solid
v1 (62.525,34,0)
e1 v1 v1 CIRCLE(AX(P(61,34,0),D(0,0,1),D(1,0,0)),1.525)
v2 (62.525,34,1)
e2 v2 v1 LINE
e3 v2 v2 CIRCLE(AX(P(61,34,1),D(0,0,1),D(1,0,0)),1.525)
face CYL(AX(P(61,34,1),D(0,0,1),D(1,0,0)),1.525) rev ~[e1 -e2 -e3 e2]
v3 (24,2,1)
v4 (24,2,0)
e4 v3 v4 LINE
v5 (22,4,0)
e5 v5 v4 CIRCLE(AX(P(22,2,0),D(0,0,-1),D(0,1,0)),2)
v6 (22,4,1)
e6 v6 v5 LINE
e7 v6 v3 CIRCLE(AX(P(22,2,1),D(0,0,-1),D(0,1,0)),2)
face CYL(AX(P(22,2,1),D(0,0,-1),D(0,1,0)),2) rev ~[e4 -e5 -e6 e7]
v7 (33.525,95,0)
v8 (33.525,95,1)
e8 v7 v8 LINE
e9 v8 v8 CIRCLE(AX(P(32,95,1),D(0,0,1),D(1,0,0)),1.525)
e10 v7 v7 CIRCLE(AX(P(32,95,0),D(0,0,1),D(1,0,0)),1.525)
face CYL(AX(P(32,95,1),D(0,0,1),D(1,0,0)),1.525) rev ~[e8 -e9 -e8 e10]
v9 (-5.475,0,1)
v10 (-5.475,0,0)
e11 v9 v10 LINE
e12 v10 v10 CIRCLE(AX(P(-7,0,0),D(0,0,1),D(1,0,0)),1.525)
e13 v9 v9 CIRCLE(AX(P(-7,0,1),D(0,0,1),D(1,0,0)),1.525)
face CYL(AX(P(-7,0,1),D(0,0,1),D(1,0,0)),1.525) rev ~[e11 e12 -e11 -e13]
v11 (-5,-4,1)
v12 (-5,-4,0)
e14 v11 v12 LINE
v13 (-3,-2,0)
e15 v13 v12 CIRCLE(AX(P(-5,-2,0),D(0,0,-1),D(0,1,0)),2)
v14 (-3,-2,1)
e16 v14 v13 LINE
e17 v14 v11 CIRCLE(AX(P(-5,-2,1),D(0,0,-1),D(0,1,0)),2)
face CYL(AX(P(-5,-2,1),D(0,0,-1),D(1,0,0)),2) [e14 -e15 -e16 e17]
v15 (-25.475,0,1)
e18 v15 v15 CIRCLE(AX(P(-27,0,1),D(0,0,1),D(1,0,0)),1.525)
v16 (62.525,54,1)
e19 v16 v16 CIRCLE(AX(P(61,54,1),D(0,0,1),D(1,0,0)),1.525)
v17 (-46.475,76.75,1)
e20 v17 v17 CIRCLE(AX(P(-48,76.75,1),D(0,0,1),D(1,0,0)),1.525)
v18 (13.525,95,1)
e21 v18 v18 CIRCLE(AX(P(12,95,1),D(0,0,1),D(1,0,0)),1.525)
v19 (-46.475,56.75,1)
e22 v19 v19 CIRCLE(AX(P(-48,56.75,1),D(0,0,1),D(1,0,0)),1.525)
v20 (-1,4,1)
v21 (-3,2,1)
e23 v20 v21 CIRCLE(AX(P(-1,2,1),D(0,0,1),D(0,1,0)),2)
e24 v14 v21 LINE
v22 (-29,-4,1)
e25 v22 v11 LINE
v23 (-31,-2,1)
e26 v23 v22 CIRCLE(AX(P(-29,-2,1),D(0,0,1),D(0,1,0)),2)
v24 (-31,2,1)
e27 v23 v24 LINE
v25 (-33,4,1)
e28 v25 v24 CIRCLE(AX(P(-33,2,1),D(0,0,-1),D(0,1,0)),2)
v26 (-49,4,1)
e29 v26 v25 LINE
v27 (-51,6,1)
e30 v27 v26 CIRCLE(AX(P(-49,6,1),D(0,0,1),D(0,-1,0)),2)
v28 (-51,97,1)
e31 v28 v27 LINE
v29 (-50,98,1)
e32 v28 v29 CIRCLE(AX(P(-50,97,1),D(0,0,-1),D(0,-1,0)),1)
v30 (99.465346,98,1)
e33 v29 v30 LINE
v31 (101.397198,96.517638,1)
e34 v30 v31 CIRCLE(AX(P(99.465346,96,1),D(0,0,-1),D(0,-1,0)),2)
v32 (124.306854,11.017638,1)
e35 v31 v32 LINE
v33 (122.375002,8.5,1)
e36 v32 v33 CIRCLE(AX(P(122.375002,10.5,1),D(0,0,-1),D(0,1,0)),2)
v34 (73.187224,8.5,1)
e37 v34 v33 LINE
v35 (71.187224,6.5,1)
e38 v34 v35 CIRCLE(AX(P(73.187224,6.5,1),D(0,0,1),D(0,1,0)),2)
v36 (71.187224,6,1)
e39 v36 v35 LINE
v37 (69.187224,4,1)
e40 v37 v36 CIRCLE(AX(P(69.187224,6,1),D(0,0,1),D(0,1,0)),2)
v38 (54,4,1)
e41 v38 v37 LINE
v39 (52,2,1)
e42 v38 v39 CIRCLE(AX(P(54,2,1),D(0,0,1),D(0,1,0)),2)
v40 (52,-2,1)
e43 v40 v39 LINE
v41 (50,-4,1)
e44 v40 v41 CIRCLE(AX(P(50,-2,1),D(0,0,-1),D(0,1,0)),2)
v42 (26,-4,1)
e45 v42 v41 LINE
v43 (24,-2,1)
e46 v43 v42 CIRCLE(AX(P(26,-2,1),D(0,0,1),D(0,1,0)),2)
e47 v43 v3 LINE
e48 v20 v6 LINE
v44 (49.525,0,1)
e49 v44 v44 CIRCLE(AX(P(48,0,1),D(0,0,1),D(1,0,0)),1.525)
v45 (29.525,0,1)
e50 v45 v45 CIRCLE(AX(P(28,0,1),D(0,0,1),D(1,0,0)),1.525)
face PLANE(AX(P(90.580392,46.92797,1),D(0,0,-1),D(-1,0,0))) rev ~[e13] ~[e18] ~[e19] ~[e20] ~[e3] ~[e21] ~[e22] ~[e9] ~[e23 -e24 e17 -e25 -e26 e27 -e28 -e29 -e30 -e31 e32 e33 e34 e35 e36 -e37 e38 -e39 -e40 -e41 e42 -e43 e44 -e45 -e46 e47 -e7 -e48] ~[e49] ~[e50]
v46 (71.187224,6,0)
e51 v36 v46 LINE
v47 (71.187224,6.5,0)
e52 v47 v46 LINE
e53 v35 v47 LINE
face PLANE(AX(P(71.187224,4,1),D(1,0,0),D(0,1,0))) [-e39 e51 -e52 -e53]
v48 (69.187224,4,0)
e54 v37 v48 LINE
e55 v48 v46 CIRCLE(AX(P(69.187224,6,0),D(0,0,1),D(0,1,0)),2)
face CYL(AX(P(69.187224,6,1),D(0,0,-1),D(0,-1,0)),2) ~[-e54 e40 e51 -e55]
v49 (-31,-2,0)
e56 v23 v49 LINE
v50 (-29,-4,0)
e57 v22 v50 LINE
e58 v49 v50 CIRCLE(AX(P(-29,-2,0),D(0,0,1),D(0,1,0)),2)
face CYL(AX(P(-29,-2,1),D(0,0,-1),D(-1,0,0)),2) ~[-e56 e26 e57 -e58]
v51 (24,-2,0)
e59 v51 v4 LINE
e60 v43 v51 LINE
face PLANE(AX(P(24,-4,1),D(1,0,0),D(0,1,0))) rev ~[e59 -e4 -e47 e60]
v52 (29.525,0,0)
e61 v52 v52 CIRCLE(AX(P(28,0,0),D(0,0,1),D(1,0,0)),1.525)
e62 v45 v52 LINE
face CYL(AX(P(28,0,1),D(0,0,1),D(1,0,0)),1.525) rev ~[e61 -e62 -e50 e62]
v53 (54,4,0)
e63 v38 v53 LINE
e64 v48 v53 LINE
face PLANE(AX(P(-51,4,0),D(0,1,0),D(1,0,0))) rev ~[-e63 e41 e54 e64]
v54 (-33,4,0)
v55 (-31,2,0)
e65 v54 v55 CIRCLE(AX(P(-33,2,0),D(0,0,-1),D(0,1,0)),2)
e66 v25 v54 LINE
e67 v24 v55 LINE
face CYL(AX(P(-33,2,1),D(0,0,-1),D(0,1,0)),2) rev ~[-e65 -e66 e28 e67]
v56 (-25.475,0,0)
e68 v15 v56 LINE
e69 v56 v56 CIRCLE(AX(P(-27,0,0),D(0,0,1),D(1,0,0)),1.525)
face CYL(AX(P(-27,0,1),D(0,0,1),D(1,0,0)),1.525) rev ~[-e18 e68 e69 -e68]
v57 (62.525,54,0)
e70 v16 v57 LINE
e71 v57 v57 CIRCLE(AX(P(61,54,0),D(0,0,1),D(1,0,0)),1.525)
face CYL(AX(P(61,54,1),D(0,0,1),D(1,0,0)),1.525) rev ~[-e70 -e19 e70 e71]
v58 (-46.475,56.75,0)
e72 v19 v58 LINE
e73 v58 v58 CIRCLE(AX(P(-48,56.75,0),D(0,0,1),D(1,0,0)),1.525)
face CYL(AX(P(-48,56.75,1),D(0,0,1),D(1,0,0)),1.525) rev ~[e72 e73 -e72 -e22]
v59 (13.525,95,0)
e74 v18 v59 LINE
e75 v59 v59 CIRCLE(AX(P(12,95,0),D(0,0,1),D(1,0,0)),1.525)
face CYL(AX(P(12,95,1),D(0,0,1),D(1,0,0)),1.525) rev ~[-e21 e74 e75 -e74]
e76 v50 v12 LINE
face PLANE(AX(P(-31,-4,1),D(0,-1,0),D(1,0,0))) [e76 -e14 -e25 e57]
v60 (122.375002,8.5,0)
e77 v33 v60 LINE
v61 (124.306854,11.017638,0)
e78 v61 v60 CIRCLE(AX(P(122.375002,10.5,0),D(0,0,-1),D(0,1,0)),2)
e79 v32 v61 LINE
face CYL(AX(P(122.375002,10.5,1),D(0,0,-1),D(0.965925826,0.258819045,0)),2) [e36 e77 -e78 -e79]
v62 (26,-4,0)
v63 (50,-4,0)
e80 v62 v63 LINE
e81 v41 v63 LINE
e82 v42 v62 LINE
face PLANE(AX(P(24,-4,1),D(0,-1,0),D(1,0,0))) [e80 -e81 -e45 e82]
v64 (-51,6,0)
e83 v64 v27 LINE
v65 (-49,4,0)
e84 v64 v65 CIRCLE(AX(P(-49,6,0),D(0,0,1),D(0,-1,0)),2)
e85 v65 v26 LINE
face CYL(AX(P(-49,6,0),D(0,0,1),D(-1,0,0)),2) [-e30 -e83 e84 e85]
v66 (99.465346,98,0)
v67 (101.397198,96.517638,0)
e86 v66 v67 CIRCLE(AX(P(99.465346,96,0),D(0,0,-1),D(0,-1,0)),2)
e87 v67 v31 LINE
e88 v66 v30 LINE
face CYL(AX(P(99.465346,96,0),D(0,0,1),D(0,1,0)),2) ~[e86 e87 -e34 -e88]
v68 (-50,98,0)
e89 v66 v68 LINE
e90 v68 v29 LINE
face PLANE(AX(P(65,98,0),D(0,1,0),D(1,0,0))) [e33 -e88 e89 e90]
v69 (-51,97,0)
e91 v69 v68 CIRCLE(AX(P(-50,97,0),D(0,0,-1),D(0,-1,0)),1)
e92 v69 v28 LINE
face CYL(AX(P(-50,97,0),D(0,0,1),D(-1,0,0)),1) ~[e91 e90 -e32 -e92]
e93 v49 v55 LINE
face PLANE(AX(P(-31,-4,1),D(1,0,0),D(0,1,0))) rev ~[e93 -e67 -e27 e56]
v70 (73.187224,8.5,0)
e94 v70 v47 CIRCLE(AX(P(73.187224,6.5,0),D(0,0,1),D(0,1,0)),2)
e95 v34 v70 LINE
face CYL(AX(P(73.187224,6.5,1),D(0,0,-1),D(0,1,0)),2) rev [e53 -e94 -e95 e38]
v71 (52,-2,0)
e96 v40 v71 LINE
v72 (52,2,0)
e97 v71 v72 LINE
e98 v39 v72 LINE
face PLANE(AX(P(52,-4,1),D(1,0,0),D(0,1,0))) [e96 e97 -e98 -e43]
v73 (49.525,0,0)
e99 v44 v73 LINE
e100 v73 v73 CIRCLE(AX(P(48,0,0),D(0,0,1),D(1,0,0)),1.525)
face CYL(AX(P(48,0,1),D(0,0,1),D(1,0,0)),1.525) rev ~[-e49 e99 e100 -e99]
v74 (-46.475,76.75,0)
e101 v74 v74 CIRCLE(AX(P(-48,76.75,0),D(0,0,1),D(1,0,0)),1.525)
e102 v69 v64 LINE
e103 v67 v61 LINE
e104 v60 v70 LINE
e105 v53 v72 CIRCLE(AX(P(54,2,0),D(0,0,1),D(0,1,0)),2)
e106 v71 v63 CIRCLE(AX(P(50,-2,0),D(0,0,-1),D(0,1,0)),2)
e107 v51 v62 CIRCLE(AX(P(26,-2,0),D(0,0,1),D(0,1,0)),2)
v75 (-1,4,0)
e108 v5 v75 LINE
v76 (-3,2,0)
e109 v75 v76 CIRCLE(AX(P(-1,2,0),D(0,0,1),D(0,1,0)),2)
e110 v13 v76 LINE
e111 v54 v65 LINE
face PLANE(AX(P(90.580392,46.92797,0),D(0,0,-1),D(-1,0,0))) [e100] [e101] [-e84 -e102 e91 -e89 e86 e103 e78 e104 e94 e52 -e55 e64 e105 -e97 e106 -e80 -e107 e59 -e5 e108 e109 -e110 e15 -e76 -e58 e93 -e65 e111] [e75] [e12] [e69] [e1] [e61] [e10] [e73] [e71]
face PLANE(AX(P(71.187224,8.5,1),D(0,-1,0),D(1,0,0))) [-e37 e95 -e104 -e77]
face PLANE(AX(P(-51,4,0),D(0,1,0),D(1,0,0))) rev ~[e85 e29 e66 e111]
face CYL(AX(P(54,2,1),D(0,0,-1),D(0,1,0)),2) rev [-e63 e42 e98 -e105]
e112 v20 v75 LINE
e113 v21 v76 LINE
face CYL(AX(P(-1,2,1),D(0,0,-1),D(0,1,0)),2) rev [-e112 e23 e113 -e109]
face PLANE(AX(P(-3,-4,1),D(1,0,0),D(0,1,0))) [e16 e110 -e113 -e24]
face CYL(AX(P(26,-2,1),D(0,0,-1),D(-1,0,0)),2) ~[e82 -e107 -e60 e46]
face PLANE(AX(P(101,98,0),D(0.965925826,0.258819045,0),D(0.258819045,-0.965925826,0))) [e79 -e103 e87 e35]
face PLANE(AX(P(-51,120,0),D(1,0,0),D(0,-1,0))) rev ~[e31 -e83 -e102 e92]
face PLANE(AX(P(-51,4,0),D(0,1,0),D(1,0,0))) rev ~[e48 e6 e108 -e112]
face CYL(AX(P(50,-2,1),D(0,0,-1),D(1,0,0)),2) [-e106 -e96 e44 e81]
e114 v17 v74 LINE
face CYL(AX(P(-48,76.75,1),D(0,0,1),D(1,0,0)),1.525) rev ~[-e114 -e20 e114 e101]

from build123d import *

# Parameters (mm, degrees)
SKETCH_1_W          = 28
SKETCH_1_H          = 8
SKETCH_1_R          = 1.525
EXTRUDE_1_DEPTH     = 1
FILLET_1_R          = 2
SKETCH_3_R          = 1.525
CUT_EXTRUDE_1_DEPTH = 10
CUT_EXTRUDE_2_DEPTH = 10
SKETCH_5_R          = 1.525
CUT_EXTRUDE_3_DEPTH = 10
FILLET_3_R          = 2
SKETCH_8_R          = 1.525
CUT_EXTRUDE_5_DEPTH = 5
SKETCH_9_W          = 29
SKETCH_9_H          = 22
CUT_EXTRUDE_6_DEPTH = 11
FILLET_4_R          = 1
EXTRUDE_2_DEPTH     = 1
SKETCH_12_W         = 55
SKETCH_12_H         = 4.5
CUT_EXTRUDE_7_DEPTH = 10
FILLET_5_R          = 2
SKETCH_13_W         = 32
SKETCH_13_H         = 8
CUT_EXTRUDE_8_DEPTH = 10
SKETCH_14_W         = 28
SKETCH_14_H         = 8
SKETCH_14_R         = 1.525
EXTRUDE_3_DEPTH     = 1
FILLET_6_R          = 2


with BuildPart() as part:
    # 草图1 → 凸台-拉伸1 (new body)
    with BuildSketch(Plane.XY):
        Polygon((-4, 4), (24, 4), (67, 4), (67, 120), (-51, 120), (-51, 4), align=None)
        with Locations((10, 0)):
            Rectangle(SKETCH_1_W, SKETCH_1_H)
        with Locations((20, 0)):
            Circle(SKETCH_1_R, mode=Mode.SUBTRACT)
        Circle(SKETCH_1_R, mode=Mode.SUBTRACT)
    extrude(amount=EXTRUDE_1_DEPTH)

    # 圆角1
    fillet_1_edges = [part.edges().sort_by_distance(p)[0] for p in [
        (67, 4, 0.5),
        (24, 4, 0.5),
        (24, -4, 0.5),
        (-4, -4, 0.5),
        (-4, 4, 0.5),
        (-51, 4, 0.5),
        (-51, 120, 0.5),
        (67, 120, 0.5),
    ]]
    fillet(fillet_1_edges, radius=FILLET_1_R)

    # 草图3 → 切除-拉伸1 (cut)
    with BuildSketch(Plane.XY.offset(1)):
        with Locations((-48, 76.75)):
            Circle(SKETCH_3_R)
        with Locations((-48, 56.75)):
            Circle(SKETCH_3_R)
    extrude(amount=-CUT_EXTRUDE_1_DEPTH, mode=Mode.SUBTRACT)

    # 草图4 → 切除-拉伸2 (cut)
    with BuildSketch(Plane.XY.offset(1)):
        with BuildLine():
            Line((65, 120), (-24, 120))
            Line((-24, 120), (-24, 98))
            Line((-24, 98), (67, 98))
            Line((67, 98), (67, 118))
            ThreePointArc((67, 118), (66.414213562, 119.414213562), (65, 120))
        make_face()
    extrude(amount=-CUT_EXTRUDE_2_DEPTH, mode=Mode.SUBTRACT)

    # 草图5 → 切除-拉伸3 (cut)
    with BuildSketch(Plane.XY.offset(1)):
        with Locations((61, 34)):
            Circle(SKETCH_5_R)
        with Locations((61, 54)):
            Circle(SKETCH_5_R)
    extrude(amount=-CUT_EXTRUDE_3_DEPTH, mode=Mode.SUBTRACT)

    # 圆角3
    fillet_3_edges = [part.edges().sort_by_distance(p)[0] for p in [
        (-24, 98, 0.5),
        (67, 98, 0.5),
        (-24, 120, 0.5),
    ]]
    fillet(fillet_3_edges, radius=FILLET_3_R)

    # 草图8 → 切除-拉伸5 (cut, symmetric)
    with BuildSketch(Plane.XY.offset(1)):
        with Locations((12, 95)):
            Circle(SKETCH_8_R)
        with Locations((32, 95)):
            Circle(SKETCH_8_R)
    extrude(amount=CUT_EXTRUDE_5_DEPTH, both=True, mode=Mode.SUBTRACT)

    # 草图9 → 切除-拉伸6 (cut, symmetric)
    with BuildSketch(Plane.XY.offset(1)):
        with Locations((-36.5, 109)):
            Rectangle(SKETCH_9_W, SKETCH_9_H)
    extrude(amount=CUT_EXTRUDE_6_DEPTH, both=True, mode=Mode.SUBTRACT)

    # 圆角4
    fillet_4_edges = [part.edges().sort_by_distance(p)[0] for p in [
        (-51, 98, 0.5),
    ]]
    fillet(fillet_4_edges, radius=FILLET_4_R)

    # 草图11 → 凸台-拉伸2 (add)
    with BuildSketch(Plane(origin=(0, 0, 0), x_dir=(-1, 0, 0), z_dir=(0, 0, -1))):
        with BuildLine():
            ThreePointArc((-67, 96), (-66.414213562, 97.414213562), (-65, 98))
            Line((-65, 98), (-101, 98))
            Line((-101, 98), (-126.187224089, 4))
            Line((-126.187224089, 4), (-65, 4))
            ThreePointArc((-65, 4), (-66.414213562, 4.585786438), (-67, 6))
            Line((-67, 6), (-67, 96))
        make_face()
    extrude(amount=-EXTRUDE_2_DEPTH)

    # 草图12 → 切除-拉伸7 (cut)
    with BuildSketch(Plane.XY.offset(1)):
        with Locations((98.687224089, 6.25)):
            Rectangle(SKETCH_12_W, SKETCH_12_H)
    extrude(amount=-CUT_EXTRUDE_7_DEPTH, mode=Mode.SUBTRACT)

    # 圆角5
    fillet_5_edges = [part.edges().sort_by_distance(p)[0] for p in [
        (101, 98, 0.5),
        (124.981452723, 8.5, 0.5),
        (71.187224089, 4, 0.5),
        (71.187224089, 8.5, 0.5),
    ]]
    fillet(fillet_5_edges, radius=FILLET_5_R)

    # 草图13 → 切除-拉伸8 (cut)
    with BuildSketch(Plane.XY.offset(1)):
        with Locations((10, 0)):
            Rectangle(SKETCH_13_W, SKETCH_13_H)
    extrude(amount=-CUT_EXTRUDE_8_DEPTH, mode=Mode.SUBTRACT)

    # 草图14 → 凸台-拉伸3 (add)
    with BuildSketch(Plane.XY.offset(1)):
        with Locations((-17, 0)):
            Rectangle(SKETCH_14_W, SKETCH_14_H)
        with Locations((-27, 0)):
            Circle(SKETCH_14_R, mode=Mode.SUBTRACT)
        with Locations((-7, 0)):
            Circle(SKETCH_14_R, mode=Mode.SUBTRACT)
        with Locations((38, 0)):
            Rectangle(SKETCH_14_W, SKETCH_14_H)
        with Locations((28, 0)):
            Circle(SKETCH_14_R, mode=Mode.SUBTRACT)
        with Locations((48, 0)):
            Circle(SKETCH_14_R, mode=Mode.SUBTRACT)
    extrude(amount=-EXTRUDE_3_DEPTH)

    # 圆角6
    fillet_6_edges = [part.edges().sort_by_distance(p)[0] for p in [
        (52, -4, 0.5),
        (52, 4, 0.5),
        (24, 4, 0.5),
        (24, -4, 0.5),
        (-3, -4, 0.5),
        (-3, 4, 0.5),
        (-31, 4, 0.5),
        (-31, -4, 0.5),
    ]]
    fillet(fillet_6_edges, radius=FILLET_6_R)


solid = part.part
